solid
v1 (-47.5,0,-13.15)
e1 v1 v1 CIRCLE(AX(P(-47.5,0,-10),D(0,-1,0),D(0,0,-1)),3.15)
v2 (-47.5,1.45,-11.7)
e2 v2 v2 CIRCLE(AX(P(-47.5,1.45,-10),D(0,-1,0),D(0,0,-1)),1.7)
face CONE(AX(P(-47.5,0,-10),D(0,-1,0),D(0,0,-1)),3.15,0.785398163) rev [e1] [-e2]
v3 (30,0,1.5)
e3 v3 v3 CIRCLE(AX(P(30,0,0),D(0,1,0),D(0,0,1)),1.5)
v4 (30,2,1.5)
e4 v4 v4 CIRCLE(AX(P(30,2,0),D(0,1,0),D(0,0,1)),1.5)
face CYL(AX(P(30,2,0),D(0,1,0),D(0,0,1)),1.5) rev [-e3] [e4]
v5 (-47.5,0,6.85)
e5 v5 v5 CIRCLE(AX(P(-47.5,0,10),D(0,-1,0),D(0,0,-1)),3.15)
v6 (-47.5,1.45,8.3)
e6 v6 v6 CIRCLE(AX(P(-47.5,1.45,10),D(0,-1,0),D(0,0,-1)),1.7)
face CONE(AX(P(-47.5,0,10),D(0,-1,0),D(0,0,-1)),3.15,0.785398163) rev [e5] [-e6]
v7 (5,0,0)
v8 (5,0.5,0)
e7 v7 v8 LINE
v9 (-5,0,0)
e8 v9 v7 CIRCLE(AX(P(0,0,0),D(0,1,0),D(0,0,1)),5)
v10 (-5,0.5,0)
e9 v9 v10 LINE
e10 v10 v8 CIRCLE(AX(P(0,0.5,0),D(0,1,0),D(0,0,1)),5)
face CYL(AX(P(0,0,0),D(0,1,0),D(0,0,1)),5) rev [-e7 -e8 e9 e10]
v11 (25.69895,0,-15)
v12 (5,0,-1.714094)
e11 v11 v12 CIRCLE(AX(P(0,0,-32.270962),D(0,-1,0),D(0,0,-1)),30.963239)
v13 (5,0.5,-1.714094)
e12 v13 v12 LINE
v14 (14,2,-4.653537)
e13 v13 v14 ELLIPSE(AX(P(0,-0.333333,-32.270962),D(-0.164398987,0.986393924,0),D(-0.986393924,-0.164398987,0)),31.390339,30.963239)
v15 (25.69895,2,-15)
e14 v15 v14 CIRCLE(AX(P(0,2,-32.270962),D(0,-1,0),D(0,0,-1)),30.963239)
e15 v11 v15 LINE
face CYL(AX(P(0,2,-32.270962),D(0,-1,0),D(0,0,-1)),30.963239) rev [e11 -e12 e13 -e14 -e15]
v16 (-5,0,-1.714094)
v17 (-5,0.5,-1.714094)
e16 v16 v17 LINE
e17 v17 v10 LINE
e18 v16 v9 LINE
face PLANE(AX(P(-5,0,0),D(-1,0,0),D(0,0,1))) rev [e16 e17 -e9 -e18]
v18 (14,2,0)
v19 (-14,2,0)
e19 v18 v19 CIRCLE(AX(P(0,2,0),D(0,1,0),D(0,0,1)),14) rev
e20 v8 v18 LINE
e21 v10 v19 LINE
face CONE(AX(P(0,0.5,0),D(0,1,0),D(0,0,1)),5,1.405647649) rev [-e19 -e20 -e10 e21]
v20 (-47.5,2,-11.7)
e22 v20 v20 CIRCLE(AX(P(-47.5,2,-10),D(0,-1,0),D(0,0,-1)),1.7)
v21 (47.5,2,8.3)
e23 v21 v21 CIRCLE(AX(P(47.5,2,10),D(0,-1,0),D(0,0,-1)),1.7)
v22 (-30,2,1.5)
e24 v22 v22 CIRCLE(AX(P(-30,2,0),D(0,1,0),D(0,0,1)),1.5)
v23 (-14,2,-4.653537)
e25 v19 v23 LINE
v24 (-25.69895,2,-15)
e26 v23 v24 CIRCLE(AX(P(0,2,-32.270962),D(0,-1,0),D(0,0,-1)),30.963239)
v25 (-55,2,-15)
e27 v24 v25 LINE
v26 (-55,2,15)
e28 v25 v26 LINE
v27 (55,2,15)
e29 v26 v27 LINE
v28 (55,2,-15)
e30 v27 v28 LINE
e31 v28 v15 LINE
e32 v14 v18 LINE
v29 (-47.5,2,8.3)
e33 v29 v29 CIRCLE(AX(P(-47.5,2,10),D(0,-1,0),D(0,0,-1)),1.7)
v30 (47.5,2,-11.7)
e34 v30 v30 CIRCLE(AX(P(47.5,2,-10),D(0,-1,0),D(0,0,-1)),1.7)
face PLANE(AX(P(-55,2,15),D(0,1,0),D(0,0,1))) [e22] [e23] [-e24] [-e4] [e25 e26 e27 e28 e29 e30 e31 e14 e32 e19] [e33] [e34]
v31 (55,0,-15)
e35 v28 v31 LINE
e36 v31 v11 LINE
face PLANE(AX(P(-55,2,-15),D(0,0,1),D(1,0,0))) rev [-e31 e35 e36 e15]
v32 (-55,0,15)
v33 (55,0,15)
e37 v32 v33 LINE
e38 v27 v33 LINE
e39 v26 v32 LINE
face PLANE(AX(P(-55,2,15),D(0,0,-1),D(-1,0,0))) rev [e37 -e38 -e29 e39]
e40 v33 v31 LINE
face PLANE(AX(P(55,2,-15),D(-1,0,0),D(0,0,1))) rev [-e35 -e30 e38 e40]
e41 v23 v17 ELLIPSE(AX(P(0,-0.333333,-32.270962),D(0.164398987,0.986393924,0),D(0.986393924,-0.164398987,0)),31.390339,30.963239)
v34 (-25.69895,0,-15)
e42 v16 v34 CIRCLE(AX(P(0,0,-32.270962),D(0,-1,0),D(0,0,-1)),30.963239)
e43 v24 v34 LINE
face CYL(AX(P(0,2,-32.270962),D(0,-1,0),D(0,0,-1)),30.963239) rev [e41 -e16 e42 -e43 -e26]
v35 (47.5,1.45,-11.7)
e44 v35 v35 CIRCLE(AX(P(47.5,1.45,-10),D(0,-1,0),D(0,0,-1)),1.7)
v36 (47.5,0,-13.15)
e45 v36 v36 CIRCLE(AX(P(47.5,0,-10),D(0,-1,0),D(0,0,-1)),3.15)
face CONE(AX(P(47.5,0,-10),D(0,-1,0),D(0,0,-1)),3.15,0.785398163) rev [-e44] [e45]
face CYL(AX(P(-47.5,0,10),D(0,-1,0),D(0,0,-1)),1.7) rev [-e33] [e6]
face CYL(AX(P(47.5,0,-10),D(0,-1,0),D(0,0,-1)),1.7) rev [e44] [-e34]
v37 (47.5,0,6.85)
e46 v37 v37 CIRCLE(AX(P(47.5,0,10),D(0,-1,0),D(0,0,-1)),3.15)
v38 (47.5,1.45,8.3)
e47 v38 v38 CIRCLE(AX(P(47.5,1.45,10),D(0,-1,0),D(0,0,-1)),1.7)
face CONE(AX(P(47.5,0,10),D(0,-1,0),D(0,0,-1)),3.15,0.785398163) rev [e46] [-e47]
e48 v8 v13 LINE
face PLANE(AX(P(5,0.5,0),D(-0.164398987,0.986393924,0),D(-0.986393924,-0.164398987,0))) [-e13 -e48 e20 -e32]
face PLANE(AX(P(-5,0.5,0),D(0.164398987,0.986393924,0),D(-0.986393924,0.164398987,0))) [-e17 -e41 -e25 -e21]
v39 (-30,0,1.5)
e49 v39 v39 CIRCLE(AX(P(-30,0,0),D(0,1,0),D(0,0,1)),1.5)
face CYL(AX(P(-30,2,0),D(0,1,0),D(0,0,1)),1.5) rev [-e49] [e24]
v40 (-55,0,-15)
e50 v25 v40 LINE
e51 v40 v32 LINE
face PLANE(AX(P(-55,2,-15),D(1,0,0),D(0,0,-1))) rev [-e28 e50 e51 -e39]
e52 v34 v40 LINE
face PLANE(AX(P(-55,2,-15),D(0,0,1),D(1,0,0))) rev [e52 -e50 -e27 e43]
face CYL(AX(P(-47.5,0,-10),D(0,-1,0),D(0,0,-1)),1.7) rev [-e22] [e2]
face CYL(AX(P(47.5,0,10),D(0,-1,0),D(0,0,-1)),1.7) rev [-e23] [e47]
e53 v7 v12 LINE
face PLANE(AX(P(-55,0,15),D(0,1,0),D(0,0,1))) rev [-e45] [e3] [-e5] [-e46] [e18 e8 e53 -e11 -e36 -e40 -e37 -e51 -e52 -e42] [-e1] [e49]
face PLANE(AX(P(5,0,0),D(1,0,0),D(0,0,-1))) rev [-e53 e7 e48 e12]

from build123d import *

# Parameters (mm, degrees)
SKETCH1_W                                    = 110
SKETCH1_H                                    = 30
EXTRUDE1_DEPTH                               = 2
CUT_EXTRUDE1_DEPTH                           = 3
CHAMFER1_SIZE                                = 9
CHAMFER1_SIZE2                               = 1.5
CSK_FOR_M3_COUNTERSUNK_RAISED_HEAD_S_2_COUNT = 2
CSK_FOR_M3_COUNTERSUNK_RAISED_HEAD_S_2_PITCH = 95
CSK_FOR_M3_COUNTERSUNK_RAISED_HEAD_S_3_COUNT = 2
CSK_FOR_M3_COUNTERSUNK_RAISED_HEAD_S_3_PITCH = 97.082439195
CSK_FOR_M3_COUNTERSUNK_RAISED_HEAD_S_4_COUNT = 2
CSK_FOR_M3_COUNTERSUNK_RAISED_HEAD_S_4_PITCH = 20
M3_TAPPED_HOLE1_D                            = 3
SKETCH13_R                                   = 30.96323942
CUT_EXTRUDE2_DEPTH                           = 3


with BuildPart() as part:
    # Sketch1 → Extrude1 (new body)
    with BuildSketch(Plane(origin=(0, 0, 0), x_dir=(1, 0, 0), z_dir=(0, 1, 0))):
        Rectangle(SKETCH1_W, SKETCH1_H)
    extrude(amount=EXTRUDE1_DEPTH)

    # Sketch2 → Cut-Extrude1 (cut, through all)
    with BuildSketch(Plane(origin=(0, 2, 0), x_dir=(-1, 0, 0), z_dir=(0, 1, 0))):
        with BuildLine():
            Line((5, 0), (5, -15))
            Line((5, -15), (-5, -15))
            Line((-5, -15), (-5, 0))
            ThreePointArc((-5, 0), (0, 5), (5, 0))
        make_face()
    extrude(amount=-CUT_EXTRUDE1_DEPTH, mode=Mode.SUBTRACT)

    # Chamfer1
    chamfer1_edges = [part.edges().sort_by_distance(p)[0] for p in [
        (0, 2, 5),
        (5, 2, -7.5),
        (-5, 2, -7.5),
    ]]
    chamfer1_side = [part.faces().sort_by_distance(p)[0] for p in [
        (-53.859824575, 2, 0),
    ]]
    chamfer(chamfer1_edges, length=CHAMFER1_SIZE, length2=CHAMFER1_SIZE2, reference=chamfer1_side[0])

    # Sketch8 → CSK for M3 Countersunk Raised Head Screw1 (revolve, cut)
    with BuildSketch(Plane(origin=(47.5, 0, -10), x_dir=(0, 0, -1), z_dir=(1, 0, 0))):
        Polygon((0, 0), (0, 2), (1.7, 2), (1.7, 1.45), (3.15, 0), align=None)
    csk_for_m3_countersunk_raised_head_screw = revolve(axis=Axis((47.5, -6.35, -10), (0, 1, 0)), mode=Mode.SUBTRACT)

    # CSK for M3 Countersunk Raised Head S 2: CSK for M3 Countersunk Raised Head Screw1 ×2
    with Locations(*[(-i * CSK_FOR_M3_COUNTERSUNK_RAISED_HEAD_S_2_PITCH, 0, 0) for i in range(1, CSK_FOR_M3_COUNTERSUNK_RAISED_HEAD_S_2_COUNT)]):
        add(csk_for_m3_countersunk_raised_head_screw, mode=Mode.SUBTRACT)

    # CSK for M3 Countersunk Raised Head S 3: CSK for M3 Countersunk Raised Head Screw1 ×2
    with Locations(*[Vector(-0.978549785, 0, 0.206010481) * (i * CSK_FOR_M3_COUNTERSUNK_RAISED_HEAD_S_3_PITCH) for i in range(1, CSK_FOR_M3_COUNTERSUNK_RAISED_HEAD_S_3_COUNT)]):
        add(csk_for_m3_countersunk_raised_head_screw, mode=Mode.SUBTRACT)

    # CSK for M3 Countersunk Raised Head S 4: CSK for M3 Countersunk Raised Head Screw1 ×2
    with Locations(*[(0, 0, i * CSK_FOR_M3_COUNTERSUNK_RAISED_HEAD_S_4_PITCH) for i in range(1, CSK_FOR_M3_COUNTERSUNK_RAISED_HEAD_S_4_COUNT)]):
        add(csk_for_m3_countersunk_raised_head_screw, mode=Mode.SUBTRACT)

    # M3 Tapped Hole1 (through all)
    with Locations(Plane(origin=(0, 2, 0), x_dir=(-1, 0, 0), z_dir=(0, 1, 0))):
        with Locations((-30, 0), (30, 0)):
            Hole(M3_TAPPED_HOLE1_D / 2)

    # Sketch13 → Cut-Extrude2 (cut, through all)
    with BuildSketch(Plane.XZ):
        with Locations((0, -32.270962356)):
            Circle(SKETCH13_R)
    extrude(amount=-CUT_EXTRUDE2_DEPTH, mode=Mode.SUBTRACT)


solid = part.part
